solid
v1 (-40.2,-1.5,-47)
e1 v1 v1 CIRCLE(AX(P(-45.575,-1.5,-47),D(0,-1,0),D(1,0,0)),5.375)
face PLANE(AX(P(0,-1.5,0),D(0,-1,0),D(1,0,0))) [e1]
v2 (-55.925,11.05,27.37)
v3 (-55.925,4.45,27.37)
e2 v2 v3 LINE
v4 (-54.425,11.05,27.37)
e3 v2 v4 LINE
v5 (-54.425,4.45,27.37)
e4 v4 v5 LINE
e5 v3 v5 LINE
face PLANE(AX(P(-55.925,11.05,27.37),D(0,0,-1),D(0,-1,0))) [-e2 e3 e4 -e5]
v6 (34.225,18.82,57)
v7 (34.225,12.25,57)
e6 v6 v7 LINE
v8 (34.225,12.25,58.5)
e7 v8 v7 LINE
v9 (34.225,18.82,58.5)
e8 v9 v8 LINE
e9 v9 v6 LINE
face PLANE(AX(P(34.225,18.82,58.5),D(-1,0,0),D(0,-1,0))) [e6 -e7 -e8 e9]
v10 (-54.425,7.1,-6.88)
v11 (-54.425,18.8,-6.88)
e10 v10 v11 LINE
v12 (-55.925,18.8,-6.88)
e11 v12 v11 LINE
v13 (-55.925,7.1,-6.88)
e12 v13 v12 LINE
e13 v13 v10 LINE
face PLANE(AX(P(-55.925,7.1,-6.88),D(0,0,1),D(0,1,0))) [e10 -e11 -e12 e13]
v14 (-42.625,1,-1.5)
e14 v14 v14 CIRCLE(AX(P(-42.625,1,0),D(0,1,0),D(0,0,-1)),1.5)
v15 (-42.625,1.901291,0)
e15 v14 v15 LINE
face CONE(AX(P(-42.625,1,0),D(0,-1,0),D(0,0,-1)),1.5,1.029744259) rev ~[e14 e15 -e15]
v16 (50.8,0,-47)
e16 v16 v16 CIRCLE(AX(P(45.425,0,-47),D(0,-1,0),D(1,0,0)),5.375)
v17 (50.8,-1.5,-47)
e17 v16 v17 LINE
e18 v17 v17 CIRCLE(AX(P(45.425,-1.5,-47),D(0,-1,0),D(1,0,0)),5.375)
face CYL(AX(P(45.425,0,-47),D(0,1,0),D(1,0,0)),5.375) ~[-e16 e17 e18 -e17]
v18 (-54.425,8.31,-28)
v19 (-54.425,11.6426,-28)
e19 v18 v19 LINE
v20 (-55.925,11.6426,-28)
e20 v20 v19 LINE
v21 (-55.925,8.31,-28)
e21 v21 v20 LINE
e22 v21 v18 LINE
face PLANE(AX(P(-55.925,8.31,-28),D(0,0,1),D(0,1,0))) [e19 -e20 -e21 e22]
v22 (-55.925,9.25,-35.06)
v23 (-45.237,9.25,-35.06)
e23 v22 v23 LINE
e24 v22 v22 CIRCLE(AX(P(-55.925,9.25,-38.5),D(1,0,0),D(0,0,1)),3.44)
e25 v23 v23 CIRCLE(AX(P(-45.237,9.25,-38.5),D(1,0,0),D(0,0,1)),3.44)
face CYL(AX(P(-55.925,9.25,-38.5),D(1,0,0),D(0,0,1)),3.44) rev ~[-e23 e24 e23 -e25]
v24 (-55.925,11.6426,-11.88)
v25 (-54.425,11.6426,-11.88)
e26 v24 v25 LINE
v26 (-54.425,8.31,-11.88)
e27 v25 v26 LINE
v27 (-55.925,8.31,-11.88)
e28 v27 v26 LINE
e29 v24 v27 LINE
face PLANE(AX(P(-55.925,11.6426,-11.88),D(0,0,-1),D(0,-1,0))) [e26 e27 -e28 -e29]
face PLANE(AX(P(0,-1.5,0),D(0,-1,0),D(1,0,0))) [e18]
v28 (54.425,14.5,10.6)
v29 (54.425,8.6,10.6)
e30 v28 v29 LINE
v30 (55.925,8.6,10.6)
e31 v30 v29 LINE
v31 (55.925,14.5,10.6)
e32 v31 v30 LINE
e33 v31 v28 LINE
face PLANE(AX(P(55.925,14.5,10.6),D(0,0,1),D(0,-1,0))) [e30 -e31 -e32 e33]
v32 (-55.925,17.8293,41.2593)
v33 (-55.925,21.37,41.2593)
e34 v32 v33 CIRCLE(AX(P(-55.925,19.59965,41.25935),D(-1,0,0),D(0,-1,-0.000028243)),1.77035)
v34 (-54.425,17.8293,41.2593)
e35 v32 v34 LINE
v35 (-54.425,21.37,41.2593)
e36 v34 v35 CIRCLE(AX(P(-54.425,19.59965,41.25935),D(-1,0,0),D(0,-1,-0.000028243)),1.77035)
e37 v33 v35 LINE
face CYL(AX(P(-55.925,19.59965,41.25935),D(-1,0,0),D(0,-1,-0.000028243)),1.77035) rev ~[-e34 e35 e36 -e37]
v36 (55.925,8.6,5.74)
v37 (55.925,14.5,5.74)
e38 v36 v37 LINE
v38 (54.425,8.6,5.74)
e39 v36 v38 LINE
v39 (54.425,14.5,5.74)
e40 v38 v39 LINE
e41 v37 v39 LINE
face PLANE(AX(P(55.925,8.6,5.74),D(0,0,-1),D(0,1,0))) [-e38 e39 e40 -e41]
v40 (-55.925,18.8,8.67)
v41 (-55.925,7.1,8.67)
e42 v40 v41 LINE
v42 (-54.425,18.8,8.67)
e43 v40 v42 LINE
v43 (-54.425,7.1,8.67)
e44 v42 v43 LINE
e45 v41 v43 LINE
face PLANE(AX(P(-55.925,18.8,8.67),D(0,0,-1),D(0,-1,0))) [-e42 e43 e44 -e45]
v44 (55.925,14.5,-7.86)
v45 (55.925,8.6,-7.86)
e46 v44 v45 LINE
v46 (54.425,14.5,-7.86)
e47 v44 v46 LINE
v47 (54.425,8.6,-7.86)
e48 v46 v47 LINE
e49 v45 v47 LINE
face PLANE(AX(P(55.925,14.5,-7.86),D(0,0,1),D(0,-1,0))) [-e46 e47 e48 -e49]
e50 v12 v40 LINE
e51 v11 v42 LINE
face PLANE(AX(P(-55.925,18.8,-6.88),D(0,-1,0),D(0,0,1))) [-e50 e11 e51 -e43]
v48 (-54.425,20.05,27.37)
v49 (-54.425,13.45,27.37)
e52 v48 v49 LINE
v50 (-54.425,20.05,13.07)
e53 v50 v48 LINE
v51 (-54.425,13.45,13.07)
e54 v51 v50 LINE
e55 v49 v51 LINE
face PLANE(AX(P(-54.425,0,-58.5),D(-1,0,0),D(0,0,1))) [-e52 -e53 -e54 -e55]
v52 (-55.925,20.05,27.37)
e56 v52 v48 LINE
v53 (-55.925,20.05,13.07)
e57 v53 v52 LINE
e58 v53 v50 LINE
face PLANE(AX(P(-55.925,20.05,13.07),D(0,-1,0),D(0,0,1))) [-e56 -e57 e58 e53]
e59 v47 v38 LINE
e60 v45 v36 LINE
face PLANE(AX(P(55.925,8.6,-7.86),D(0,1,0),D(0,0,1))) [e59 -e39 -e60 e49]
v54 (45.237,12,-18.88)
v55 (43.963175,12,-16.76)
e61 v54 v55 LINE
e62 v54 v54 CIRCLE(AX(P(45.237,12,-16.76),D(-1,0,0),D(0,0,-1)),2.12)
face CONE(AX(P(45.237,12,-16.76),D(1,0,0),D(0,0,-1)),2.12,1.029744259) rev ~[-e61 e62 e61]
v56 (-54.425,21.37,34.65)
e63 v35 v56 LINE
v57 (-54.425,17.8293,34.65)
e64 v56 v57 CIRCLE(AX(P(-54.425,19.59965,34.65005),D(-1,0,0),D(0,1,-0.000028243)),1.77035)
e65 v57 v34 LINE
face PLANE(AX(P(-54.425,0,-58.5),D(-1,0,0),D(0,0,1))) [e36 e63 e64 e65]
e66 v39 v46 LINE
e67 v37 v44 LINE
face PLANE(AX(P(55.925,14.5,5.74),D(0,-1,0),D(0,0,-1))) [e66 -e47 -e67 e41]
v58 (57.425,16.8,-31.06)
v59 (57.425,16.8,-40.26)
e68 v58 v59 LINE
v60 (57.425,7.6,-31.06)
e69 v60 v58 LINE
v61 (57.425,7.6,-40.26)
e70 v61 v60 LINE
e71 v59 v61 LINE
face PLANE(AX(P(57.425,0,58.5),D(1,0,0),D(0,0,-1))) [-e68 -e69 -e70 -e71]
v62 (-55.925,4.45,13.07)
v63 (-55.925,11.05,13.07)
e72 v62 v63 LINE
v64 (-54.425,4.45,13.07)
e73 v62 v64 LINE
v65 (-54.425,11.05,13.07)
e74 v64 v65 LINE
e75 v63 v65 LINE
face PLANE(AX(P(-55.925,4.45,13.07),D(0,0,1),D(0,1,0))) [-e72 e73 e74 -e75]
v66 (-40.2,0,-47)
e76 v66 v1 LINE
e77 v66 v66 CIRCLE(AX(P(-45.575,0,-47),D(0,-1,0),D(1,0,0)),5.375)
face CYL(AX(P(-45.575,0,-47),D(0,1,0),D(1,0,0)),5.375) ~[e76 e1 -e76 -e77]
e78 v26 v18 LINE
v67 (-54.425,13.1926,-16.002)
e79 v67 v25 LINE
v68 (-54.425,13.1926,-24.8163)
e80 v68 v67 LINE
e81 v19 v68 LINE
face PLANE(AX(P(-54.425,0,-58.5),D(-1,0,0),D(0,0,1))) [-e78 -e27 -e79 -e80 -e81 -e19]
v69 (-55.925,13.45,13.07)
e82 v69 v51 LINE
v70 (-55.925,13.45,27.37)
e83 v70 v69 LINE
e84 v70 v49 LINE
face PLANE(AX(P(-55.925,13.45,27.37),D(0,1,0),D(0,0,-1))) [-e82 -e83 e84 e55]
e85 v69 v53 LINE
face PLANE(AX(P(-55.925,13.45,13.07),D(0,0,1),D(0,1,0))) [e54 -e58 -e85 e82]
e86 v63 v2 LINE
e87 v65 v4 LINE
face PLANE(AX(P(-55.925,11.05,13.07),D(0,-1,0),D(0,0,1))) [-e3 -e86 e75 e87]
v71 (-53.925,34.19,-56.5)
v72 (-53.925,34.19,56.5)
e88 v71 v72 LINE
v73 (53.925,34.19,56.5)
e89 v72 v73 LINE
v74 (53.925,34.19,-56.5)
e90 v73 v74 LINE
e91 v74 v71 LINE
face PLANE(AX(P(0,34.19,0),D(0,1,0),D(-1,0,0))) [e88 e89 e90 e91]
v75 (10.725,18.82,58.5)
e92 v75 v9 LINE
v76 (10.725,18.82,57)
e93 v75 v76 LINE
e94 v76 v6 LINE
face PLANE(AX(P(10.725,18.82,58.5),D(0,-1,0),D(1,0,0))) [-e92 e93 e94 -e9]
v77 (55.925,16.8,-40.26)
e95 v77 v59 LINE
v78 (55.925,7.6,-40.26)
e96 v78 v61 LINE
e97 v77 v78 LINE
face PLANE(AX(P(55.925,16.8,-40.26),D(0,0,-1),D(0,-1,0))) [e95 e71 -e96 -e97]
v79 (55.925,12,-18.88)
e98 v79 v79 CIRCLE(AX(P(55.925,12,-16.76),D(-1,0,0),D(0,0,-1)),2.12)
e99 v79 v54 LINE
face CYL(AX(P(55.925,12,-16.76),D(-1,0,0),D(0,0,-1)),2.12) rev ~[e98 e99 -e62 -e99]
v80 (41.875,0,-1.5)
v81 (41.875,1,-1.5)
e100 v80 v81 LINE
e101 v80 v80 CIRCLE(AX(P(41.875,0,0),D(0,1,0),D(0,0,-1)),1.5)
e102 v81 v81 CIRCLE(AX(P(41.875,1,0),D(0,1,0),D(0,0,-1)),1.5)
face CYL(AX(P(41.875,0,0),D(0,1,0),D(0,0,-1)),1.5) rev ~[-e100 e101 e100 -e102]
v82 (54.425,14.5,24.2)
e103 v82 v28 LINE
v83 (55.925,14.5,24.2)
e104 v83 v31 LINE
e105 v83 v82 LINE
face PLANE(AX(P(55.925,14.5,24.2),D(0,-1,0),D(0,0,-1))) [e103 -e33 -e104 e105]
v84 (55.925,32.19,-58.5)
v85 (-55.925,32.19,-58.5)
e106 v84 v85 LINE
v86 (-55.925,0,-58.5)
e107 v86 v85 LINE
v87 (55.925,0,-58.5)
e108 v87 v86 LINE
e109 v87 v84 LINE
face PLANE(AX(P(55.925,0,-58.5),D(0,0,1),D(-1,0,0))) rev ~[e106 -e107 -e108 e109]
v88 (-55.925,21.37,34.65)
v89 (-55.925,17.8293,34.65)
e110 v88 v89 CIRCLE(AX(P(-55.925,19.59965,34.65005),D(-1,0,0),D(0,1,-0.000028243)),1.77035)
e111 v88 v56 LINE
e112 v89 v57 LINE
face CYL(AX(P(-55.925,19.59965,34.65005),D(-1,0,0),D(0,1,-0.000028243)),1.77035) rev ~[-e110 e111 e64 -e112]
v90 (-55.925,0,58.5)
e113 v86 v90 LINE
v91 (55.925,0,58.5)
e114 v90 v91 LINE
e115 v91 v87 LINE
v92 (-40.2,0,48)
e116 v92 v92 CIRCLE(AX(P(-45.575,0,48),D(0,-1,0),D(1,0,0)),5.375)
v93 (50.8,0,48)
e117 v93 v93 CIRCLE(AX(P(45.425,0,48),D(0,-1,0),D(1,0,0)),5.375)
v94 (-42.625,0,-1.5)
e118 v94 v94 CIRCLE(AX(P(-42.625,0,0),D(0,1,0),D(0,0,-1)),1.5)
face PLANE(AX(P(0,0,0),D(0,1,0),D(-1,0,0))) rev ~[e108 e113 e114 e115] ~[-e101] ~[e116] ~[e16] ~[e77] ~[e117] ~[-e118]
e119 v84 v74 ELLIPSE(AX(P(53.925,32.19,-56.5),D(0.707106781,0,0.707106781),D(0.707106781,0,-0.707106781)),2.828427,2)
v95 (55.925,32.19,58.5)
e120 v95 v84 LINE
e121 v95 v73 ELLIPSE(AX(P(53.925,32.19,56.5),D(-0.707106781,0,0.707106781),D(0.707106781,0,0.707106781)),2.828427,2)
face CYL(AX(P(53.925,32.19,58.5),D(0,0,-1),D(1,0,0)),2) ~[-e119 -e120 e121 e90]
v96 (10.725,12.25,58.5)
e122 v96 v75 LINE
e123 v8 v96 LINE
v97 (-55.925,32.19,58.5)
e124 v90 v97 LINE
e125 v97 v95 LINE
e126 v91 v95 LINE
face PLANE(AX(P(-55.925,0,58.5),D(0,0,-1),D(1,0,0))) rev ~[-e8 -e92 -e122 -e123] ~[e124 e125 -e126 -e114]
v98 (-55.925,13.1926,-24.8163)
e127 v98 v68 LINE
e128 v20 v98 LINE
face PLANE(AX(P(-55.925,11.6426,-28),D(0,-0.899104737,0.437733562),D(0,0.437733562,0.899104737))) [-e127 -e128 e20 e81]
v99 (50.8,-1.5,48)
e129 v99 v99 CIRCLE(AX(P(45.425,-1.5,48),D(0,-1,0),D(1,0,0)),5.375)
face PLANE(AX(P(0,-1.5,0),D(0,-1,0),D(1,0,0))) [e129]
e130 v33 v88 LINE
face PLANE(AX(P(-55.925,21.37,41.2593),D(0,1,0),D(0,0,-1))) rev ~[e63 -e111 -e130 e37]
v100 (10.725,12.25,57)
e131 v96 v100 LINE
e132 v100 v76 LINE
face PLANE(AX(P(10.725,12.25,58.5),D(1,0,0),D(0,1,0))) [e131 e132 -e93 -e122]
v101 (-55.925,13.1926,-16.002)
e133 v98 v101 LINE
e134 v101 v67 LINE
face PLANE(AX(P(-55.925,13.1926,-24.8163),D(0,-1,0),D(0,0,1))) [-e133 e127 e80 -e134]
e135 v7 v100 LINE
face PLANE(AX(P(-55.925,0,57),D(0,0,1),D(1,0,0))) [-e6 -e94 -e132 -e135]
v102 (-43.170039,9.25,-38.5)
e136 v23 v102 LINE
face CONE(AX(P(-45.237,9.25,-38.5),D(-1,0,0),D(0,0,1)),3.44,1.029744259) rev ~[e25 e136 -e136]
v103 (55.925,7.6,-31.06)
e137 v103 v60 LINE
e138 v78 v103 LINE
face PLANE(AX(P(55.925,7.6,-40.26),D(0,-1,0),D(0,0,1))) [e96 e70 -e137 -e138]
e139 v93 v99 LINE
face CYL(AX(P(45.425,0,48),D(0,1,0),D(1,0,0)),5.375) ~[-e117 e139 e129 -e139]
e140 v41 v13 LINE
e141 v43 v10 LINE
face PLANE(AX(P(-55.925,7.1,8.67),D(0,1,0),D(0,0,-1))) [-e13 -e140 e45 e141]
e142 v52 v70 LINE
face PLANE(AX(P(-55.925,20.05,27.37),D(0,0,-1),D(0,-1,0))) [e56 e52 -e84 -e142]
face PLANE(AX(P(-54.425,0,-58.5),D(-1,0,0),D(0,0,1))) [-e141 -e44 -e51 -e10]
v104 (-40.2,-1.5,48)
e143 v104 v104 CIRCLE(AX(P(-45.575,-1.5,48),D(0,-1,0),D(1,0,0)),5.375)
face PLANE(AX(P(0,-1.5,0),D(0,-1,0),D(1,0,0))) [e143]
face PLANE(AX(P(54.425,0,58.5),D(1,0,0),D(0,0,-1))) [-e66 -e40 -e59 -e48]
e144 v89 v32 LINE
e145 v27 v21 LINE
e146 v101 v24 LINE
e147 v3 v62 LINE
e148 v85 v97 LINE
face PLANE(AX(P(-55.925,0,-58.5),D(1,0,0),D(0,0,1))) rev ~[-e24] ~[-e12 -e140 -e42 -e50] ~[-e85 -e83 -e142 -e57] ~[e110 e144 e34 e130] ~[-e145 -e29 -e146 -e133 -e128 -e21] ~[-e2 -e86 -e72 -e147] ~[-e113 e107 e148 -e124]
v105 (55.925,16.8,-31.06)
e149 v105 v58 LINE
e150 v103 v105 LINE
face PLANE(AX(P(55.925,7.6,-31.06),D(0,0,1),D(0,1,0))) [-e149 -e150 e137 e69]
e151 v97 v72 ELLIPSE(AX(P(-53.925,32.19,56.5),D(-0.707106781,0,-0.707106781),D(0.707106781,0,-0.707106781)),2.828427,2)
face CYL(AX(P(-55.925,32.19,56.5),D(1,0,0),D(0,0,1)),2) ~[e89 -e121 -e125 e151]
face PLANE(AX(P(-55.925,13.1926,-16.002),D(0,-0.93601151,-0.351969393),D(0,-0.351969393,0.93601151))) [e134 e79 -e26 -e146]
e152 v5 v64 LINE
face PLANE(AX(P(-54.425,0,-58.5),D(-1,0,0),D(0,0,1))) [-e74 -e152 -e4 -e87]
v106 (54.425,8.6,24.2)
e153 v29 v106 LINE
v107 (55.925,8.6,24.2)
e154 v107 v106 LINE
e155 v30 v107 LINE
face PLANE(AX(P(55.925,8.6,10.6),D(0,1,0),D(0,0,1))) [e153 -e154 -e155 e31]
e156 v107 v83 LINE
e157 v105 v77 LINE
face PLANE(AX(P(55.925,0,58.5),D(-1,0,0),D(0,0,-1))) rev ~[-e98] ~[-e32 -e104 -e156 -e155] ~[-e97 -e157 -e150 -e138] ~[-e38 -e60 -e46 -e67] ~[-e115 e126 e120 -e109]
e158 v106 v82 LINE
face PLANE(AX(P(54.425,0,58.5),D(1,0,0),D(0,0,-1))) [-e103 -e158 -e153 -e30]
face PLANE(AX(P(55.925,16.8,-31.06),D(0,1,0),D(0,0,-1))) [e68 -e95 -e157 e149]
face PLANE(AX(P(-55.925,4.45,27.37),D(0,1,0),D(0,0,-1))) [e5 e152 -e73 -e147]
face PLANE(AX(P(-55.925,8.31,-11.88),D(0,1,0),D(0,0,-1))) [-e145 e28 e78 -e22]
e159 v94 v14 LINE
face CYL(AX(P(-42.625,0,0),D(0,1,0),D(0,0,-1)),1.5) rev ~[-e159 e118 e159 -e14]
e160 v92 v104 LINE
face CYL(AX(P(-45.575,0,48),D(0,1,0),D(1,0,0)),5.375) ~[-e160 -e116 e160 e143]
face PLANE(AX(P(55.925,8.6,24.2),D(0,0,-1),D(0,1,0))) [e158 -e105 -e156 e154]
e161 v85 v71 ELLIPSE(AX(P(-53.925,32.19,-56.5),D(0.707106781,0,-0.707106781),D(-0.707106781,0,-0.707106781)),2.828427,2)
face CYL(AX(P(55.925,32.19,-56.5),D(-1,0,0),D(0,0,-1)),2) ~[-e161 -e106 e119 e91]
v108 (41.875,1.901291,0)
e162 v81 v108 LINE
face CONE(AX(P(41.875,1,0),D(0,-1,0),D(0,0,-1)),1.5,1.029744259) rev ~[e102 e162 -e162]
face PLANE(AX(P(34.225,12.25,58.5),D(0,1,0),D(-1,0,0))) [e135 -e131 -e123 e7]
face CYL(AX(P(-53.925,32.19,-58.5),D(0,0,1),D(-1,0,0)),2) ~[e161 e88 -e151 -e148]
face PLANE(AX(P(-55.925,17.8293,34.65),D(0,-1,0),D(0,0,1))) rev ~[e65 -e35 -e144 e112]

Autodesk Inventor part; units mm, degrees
ref_plane "YZ Plane" through (0, 0, 0) normal (1, 0, 0) x (0, 1, 0)
ref_plane "XZ Plane" through (0, 0, 0) normal (0, 1, 0) x (-1, 0, 0)
ref_plane "XY Plane" through (0, 0, 0) normal (0, 0, 1) x (1, 0, 0)
sketch "Sketch1" plane through (0, 0, 0) normal (0, 1, 0) x (-1, 0, 0)
  line L0 (55.925, 58.5) -> (-55.925, 58.5)
  line L1 (-55.925, 58.5) -> (-55.925, -58.5)
  line L2 (-55.925, -58.5) -> (55.925, -58.5)
  line L3 (55.925, -58.5) -> (55.925, 58.5)
  line L4 (55.925, 58.5) -> (-55.925, -58.5) construction
  line L5 (-55.925, 58.5) -> (55.925, -58.5) construction
  point P0 (0, 0)
  dimension "d0" = 111.85
  dimension "d1" = 117
extrude "Extrusion1" add sketch "Sketch1" along normal blind 34.19
fillet "Fillet1" radius 2 4 edges at (0, 34.19, 58.5) (55.925, 34.19, 0) (0, 34.19, -58.5) (-55.925, 34.19, 0)
sketch "Sketch2" plane through (0, 0, 0) normal (0, -1, 0) x (1, 0, 0)
  circle A0 centre (45.425, 48) radius 5.375
  line L0 (55.925, 58.5) -> (55.925, -58.5) projected
  line L1 (-55.925, 58.5) -> (55.925, 58.5) projected
  circle A1 centre (-45.575, 48) radius 5.375
  circle A2 centre (45.425, -47) radius 5.375
  circle A3 centre (-45.575, -47) radius 5.375
  point P0 (0, 0)
  dimension "d5" = 10.75
  dimension "d6" = 10.5
  dimension "d7" = 10.5
  dimension "d10" = 91
  dimension "d13" = 95
extrude "Extrusion2" add sketch "Sketch2" along normal blind 1.5
sketch "Sketch4" plane through (0, 0, 0) normal (0, -1, 0) x (1, 0, 0)
  line L0 (-55.925, -58.5) -> (-55.925, 58.5) projected
  line L1 (-55.925, 58.5) -> (55.925, 58.5) projected
  point P0 (0, 0)
  point P1 (-42.625, 0)
  dimension "d32" = 13.3
  dimension "d33" = 58.5
hole "Hole2" at (-42.625, 0, 0) direction (0, 1, 0) diameter 3 depth 1 tip angle 118
pattern_linear "Rectangular Pattern1" count 2 spacing 84.5 along (1, 0, 0) of "Hole2"
sketch "Sketch5" plane through (55.925, 0, 58.5) normal (1, 0, 0) x (0, 0, -1)
  line L0 (34.3, 14.5) -> (47.9, 14.5)
  line L1 (47.9, 14.5) -> (47.9, 8.6)
  line L2 (47.9, 8.6) -> (34.3, 8.6)
  line L3 (34.3, 8.6) -> (34.3, 14.5)
  line L4 (34.3, 14.5) -> (47.9, 8.6) construction
  line L5 (47.9, 14.5) -> (34.3, 8.6) construction
  line L6 (52.76, 14.5) -> (66.36, 14.5)
  line L7 (66.36, 14.5) -> (66.36, 8.6)
  line L8 (66.36, 8.6) -> (52.76, 8.6)
  line L9 (52.76, 8.6) -> (52.76, 14.5)
  line L10 (52.76, 14.5) -> (66.36, 8.6) construction
  line L11 (66.36, 14.5) -> (52.76, 8.6) construction
  line L12 (0, 0) -> (117, 0) projected
  line L13 (0, 0) -> (0, 32.19) projected
  point P0 (58.5, 0)
  point P1 (41.1, 11.55)
  point P2 (59.56, 11.55)
  dimension "d37" = 13.6
  dimension "d38" = 5.9
  dimension "d39" = 13.6
  dimension "d40" = 5.9
  dimension "d41" = 8.6
  dimension "d42" = 34.3
  dimension "d43" = 4.86
  dimension "d44" = 8.6
extrude "Extrusion3" cut sketch "Sketch5" against normal blind 1.5
sketch "Sketch6" plane through (55.925, 0, 58.5) normal (1, 0, 0) x (0, 0, -1)
  line L0 (66.36, 14.5) -> (66.36, 8.6) projected
  line L1 (0, 0) -> (117, 0) projected
  point P0 (58.5, 0)
  point P1 (75.26, 12)
  dimension "d54" = 8.9
  dimension "d55" = 12
hole "Hole3" at (55.925, 12, -16.76) direction (-1, 0, 0) diameter 4.24 depth 10.688 tip angle 118
sketch "Sketch7" plane through (-55.925, 0, -58.5) normal (-1, 0, 0) x (0, 0, 1)
  line L0 (0, 0) -> (117, 0) projected
  line L1 (0, 0) -> (0, 32.19) projected
  point P0 (58.5, 0)
  point P1 (20, 9.25)
  dimension "d56" = 9.25
  dimension "d64" = 20
hole "Hole4" at (-55.925, 9.25, -38.5) direction (1, 0, 0) diameter 6.88 depth 10.688 tip angle 118
sketch "Sketch8" plane through (-55.925, 0, -58.5) normal (-1, 0, 0) x (0, 0, 1)
  line L0 (33.6837, 13.1926) -> (42.498, 13.1926)
  line L1 (46.62, 11.6426) -> (46.62, 8.31)
  line L2 (46.62, 8.31) -> (30.5, 8.31)
  line L3 (30.5, 8.31) -> (30.5, 11.6426)
  line L4 (30.5, 14.87) -> (46.62, 8.31) construction
  line L5 (46.62, 14.87) -> (30.5, 8.31) construction
  circle A0 centre (20, 9.25) radius 3.44 projected
  line L6 (0, 0) -> (117, 0) projected
  line L7 (30.5, 11.6426) -> (33.6837, 13.1926)
  line L8 (42.498, 13.1926) -> (46.62, 11.6426)
  point P0 (58.5, 0)
  point P1 (38.56, 11.59)
  dimension "d65" = 16.12
  dimension "d66" = 6.56
  dimension "d67" = 10.5
  dimension "d68" = 8.31
  dimension "d69" = 1.55
  dimension "d70" = 1.55
  dimension "d71" = 8.8143
extrude "Extrusion4" cut sketch "Sketch8" against normal blind 1.5 contours L0 L8 L1 L2 L3 L7
sketch "Sketch10" plane through (-55.925, 0, -58.5) normal (-1, 0, 0) x (0, 0, 1)
  line L0 (51.62, 18.8) -> (67.17, 18.8)
  line L1 (67.17, 18.8) -> (67.17, 7.1)
  line L2 (67.17, 7.1) -> (51.62, 7.1)
  line L3 (51.62, 7.1) -> (51.62, 18.8)
  line L4 (51.62, 18.8) -> (67.17, 7.1) construction
  line L5 (67.17, 18.8) -> (51.62, 7.1) construction
  line L6 (46.62, 11.6426) -> (46.62, 8.31) projected
  line L7 (0, 0) -> (117, 0) projected
  point P0 (58.5, 0)
  point P1 (59.395, 12.95)
  dimension "d81" = 15.55
  dimension "d82" = 11.7
  dimension "d84" = 5
  dimension "d85" = 7.1
extrude "Extrusion5" cut sketch "Sketch10" against normal blind 1.5
sketch "Sketch11" plane through (-55.925, 0, -58.5) normal (-1, 0, 0) x (0, 0, 1)
  line L0 (71.57, 20.05) -> (85.87, 20.05)
  line L1 (85.87, 20.05) -> (85.87, 13.45)
  line L2 (85.87, 13.45) -> (71.57, 13.45)
  line L3 (71.57, 13.45) -> (71.57, 20.05)
  line L4 (71.57, 20.05) -> (85.87, 13.45) construction
  line L5 (85.87, 20.05) -> (71.57, 13.45) construction
  line L6 (0, 32.19) -> (117, 32.19) projected
  line L7 (67.17, 18.8) -> (67.17, 7.1) projected
  line L8 (71.57, 11.05) -> (85.87, 11.05)
  line L9 (85.87, 11.05) -> (85.87, 4.45)
  line L10 (85.87, 4.45) -> (71.57, 4.45)
  line L11 (71.57, 4.45) -> (71.57, 11.05)
  point P0 (58.5, 0)
  point P1 (78.72, 16.75)
  point P2 (79.72, 17.75)
  dimension "d88" = 14.3
  dimension "d89" = 6.6
  dimension "d90" = 12.14
  dimension "d91" = 4.4
  dimension "d92" = 14.3
  dimension "d93" = 6.6
  dimension "d94" = 2.4
  dimension "d95" = 4.4
extrude "Extrusion6" cut sketch "Sketch11" against normal blind 1.5
sketch "Sketch12" plane through (-55.925, 0, -58.5) normal (-1, 0, 0) x (0, 0, 1)
  line L0 (93.15, 19.5997) -> (99.7593, 19.5997) construction
  line L1 (93.15, 17.8293) -> (99.7593, 17.8293)
  line L2 (99.7593, 21.37) -> (93.15, 21.37)
  arc A0 (93.15, 21.37) -> (93.15, 17.8293) centre (93.15, 19.5997) ccw
  arc A1 (99.7593, 17.8293) -> (99.7593, 21.37) centre (99.7593, 19.5997) ccw
  line L3 (0, 32.19) -> (117, 32.19) projected
  line L4 (85.87, 20.05) -> (85.87, 13.45) projected
  point P0 (58.5, 0)
  point P1 (96.4547, 19.5997)
  dimension "d98" = 10.15
  dimension "d99" = 10.82
  dimension "d100" = 7.28
extrude "Extrusion7" cut sketch "Sketch12" against normal blind 1.5
sketch "Sketch13" plane through (55.925, 0, 58.5) normal (1, 0, 0) x (0, 0, -1)
  line L0 (89.56, 16.8) -> (98.76, 16.8)
  line L1 (98.76, 16.8) -> (98.76, 7.6)
  line L2 (98.76, 7.6) -> (89.56, 7.6)
  line L3 (89.56, 7.6) -> (89.56, 16.8)
  line L4 (89.56, 16.8) -> (98.76, 7.6) construction
  line L5 (98.76, 16.8) -> (89.56, 7.6) construction
  circle A0 centre (75.26, 12) radius 2.12 projected
  line L6 (0, 0) -> (117, 0) projected
  point P0 (58.5, 0)
  point P1 (94.16, 12.2)
  dimension "d103" = 14.3
  dimension "d104" = 7.6
  dimension "d105" = 9.2
  dimension "d106" = 9.2
extrude "Extrusion8" add sketch "Sketch13" along normal blind 1.5 contours L0 L1 L2 L3
sketch "Sketch14" plane through (-55.925, 0, 58.5) normal (0, 0, 1) x (1, 0, 0)
  line L0 (66.65, 18.82) -> (90.15, 18.82)
  line L1 (90.15, 18.82) -> (90.15, 12.25)
  line L2 (90.15, 12.25) -> (66.65, 12.25)
  line L3 (66.65, 12.25) -> (66.65, 18.82)
  line L4 (66.65, 18.82) -> (90.15, 12.25) construction
  line L5 (90.15, 18.82) -> (66.65, 12.25) construction
  line L6 (0, 0) -> (111.85, 0) projected
  line L7 (111.85, 0) -> (111.85, 32.19) projected
  point P0 (55.925, 0)
  point P1 (78.4, 15.535)
  dimension "d109" = 23.5
  dimension "d110" = 6.57
  dimension "d111" = 12.25
  dimension "d112" = 21.7
extrude "Extrusion9" cut sketch "Sketch14" against normal blind 1.5
properties part number "NUC_model"
